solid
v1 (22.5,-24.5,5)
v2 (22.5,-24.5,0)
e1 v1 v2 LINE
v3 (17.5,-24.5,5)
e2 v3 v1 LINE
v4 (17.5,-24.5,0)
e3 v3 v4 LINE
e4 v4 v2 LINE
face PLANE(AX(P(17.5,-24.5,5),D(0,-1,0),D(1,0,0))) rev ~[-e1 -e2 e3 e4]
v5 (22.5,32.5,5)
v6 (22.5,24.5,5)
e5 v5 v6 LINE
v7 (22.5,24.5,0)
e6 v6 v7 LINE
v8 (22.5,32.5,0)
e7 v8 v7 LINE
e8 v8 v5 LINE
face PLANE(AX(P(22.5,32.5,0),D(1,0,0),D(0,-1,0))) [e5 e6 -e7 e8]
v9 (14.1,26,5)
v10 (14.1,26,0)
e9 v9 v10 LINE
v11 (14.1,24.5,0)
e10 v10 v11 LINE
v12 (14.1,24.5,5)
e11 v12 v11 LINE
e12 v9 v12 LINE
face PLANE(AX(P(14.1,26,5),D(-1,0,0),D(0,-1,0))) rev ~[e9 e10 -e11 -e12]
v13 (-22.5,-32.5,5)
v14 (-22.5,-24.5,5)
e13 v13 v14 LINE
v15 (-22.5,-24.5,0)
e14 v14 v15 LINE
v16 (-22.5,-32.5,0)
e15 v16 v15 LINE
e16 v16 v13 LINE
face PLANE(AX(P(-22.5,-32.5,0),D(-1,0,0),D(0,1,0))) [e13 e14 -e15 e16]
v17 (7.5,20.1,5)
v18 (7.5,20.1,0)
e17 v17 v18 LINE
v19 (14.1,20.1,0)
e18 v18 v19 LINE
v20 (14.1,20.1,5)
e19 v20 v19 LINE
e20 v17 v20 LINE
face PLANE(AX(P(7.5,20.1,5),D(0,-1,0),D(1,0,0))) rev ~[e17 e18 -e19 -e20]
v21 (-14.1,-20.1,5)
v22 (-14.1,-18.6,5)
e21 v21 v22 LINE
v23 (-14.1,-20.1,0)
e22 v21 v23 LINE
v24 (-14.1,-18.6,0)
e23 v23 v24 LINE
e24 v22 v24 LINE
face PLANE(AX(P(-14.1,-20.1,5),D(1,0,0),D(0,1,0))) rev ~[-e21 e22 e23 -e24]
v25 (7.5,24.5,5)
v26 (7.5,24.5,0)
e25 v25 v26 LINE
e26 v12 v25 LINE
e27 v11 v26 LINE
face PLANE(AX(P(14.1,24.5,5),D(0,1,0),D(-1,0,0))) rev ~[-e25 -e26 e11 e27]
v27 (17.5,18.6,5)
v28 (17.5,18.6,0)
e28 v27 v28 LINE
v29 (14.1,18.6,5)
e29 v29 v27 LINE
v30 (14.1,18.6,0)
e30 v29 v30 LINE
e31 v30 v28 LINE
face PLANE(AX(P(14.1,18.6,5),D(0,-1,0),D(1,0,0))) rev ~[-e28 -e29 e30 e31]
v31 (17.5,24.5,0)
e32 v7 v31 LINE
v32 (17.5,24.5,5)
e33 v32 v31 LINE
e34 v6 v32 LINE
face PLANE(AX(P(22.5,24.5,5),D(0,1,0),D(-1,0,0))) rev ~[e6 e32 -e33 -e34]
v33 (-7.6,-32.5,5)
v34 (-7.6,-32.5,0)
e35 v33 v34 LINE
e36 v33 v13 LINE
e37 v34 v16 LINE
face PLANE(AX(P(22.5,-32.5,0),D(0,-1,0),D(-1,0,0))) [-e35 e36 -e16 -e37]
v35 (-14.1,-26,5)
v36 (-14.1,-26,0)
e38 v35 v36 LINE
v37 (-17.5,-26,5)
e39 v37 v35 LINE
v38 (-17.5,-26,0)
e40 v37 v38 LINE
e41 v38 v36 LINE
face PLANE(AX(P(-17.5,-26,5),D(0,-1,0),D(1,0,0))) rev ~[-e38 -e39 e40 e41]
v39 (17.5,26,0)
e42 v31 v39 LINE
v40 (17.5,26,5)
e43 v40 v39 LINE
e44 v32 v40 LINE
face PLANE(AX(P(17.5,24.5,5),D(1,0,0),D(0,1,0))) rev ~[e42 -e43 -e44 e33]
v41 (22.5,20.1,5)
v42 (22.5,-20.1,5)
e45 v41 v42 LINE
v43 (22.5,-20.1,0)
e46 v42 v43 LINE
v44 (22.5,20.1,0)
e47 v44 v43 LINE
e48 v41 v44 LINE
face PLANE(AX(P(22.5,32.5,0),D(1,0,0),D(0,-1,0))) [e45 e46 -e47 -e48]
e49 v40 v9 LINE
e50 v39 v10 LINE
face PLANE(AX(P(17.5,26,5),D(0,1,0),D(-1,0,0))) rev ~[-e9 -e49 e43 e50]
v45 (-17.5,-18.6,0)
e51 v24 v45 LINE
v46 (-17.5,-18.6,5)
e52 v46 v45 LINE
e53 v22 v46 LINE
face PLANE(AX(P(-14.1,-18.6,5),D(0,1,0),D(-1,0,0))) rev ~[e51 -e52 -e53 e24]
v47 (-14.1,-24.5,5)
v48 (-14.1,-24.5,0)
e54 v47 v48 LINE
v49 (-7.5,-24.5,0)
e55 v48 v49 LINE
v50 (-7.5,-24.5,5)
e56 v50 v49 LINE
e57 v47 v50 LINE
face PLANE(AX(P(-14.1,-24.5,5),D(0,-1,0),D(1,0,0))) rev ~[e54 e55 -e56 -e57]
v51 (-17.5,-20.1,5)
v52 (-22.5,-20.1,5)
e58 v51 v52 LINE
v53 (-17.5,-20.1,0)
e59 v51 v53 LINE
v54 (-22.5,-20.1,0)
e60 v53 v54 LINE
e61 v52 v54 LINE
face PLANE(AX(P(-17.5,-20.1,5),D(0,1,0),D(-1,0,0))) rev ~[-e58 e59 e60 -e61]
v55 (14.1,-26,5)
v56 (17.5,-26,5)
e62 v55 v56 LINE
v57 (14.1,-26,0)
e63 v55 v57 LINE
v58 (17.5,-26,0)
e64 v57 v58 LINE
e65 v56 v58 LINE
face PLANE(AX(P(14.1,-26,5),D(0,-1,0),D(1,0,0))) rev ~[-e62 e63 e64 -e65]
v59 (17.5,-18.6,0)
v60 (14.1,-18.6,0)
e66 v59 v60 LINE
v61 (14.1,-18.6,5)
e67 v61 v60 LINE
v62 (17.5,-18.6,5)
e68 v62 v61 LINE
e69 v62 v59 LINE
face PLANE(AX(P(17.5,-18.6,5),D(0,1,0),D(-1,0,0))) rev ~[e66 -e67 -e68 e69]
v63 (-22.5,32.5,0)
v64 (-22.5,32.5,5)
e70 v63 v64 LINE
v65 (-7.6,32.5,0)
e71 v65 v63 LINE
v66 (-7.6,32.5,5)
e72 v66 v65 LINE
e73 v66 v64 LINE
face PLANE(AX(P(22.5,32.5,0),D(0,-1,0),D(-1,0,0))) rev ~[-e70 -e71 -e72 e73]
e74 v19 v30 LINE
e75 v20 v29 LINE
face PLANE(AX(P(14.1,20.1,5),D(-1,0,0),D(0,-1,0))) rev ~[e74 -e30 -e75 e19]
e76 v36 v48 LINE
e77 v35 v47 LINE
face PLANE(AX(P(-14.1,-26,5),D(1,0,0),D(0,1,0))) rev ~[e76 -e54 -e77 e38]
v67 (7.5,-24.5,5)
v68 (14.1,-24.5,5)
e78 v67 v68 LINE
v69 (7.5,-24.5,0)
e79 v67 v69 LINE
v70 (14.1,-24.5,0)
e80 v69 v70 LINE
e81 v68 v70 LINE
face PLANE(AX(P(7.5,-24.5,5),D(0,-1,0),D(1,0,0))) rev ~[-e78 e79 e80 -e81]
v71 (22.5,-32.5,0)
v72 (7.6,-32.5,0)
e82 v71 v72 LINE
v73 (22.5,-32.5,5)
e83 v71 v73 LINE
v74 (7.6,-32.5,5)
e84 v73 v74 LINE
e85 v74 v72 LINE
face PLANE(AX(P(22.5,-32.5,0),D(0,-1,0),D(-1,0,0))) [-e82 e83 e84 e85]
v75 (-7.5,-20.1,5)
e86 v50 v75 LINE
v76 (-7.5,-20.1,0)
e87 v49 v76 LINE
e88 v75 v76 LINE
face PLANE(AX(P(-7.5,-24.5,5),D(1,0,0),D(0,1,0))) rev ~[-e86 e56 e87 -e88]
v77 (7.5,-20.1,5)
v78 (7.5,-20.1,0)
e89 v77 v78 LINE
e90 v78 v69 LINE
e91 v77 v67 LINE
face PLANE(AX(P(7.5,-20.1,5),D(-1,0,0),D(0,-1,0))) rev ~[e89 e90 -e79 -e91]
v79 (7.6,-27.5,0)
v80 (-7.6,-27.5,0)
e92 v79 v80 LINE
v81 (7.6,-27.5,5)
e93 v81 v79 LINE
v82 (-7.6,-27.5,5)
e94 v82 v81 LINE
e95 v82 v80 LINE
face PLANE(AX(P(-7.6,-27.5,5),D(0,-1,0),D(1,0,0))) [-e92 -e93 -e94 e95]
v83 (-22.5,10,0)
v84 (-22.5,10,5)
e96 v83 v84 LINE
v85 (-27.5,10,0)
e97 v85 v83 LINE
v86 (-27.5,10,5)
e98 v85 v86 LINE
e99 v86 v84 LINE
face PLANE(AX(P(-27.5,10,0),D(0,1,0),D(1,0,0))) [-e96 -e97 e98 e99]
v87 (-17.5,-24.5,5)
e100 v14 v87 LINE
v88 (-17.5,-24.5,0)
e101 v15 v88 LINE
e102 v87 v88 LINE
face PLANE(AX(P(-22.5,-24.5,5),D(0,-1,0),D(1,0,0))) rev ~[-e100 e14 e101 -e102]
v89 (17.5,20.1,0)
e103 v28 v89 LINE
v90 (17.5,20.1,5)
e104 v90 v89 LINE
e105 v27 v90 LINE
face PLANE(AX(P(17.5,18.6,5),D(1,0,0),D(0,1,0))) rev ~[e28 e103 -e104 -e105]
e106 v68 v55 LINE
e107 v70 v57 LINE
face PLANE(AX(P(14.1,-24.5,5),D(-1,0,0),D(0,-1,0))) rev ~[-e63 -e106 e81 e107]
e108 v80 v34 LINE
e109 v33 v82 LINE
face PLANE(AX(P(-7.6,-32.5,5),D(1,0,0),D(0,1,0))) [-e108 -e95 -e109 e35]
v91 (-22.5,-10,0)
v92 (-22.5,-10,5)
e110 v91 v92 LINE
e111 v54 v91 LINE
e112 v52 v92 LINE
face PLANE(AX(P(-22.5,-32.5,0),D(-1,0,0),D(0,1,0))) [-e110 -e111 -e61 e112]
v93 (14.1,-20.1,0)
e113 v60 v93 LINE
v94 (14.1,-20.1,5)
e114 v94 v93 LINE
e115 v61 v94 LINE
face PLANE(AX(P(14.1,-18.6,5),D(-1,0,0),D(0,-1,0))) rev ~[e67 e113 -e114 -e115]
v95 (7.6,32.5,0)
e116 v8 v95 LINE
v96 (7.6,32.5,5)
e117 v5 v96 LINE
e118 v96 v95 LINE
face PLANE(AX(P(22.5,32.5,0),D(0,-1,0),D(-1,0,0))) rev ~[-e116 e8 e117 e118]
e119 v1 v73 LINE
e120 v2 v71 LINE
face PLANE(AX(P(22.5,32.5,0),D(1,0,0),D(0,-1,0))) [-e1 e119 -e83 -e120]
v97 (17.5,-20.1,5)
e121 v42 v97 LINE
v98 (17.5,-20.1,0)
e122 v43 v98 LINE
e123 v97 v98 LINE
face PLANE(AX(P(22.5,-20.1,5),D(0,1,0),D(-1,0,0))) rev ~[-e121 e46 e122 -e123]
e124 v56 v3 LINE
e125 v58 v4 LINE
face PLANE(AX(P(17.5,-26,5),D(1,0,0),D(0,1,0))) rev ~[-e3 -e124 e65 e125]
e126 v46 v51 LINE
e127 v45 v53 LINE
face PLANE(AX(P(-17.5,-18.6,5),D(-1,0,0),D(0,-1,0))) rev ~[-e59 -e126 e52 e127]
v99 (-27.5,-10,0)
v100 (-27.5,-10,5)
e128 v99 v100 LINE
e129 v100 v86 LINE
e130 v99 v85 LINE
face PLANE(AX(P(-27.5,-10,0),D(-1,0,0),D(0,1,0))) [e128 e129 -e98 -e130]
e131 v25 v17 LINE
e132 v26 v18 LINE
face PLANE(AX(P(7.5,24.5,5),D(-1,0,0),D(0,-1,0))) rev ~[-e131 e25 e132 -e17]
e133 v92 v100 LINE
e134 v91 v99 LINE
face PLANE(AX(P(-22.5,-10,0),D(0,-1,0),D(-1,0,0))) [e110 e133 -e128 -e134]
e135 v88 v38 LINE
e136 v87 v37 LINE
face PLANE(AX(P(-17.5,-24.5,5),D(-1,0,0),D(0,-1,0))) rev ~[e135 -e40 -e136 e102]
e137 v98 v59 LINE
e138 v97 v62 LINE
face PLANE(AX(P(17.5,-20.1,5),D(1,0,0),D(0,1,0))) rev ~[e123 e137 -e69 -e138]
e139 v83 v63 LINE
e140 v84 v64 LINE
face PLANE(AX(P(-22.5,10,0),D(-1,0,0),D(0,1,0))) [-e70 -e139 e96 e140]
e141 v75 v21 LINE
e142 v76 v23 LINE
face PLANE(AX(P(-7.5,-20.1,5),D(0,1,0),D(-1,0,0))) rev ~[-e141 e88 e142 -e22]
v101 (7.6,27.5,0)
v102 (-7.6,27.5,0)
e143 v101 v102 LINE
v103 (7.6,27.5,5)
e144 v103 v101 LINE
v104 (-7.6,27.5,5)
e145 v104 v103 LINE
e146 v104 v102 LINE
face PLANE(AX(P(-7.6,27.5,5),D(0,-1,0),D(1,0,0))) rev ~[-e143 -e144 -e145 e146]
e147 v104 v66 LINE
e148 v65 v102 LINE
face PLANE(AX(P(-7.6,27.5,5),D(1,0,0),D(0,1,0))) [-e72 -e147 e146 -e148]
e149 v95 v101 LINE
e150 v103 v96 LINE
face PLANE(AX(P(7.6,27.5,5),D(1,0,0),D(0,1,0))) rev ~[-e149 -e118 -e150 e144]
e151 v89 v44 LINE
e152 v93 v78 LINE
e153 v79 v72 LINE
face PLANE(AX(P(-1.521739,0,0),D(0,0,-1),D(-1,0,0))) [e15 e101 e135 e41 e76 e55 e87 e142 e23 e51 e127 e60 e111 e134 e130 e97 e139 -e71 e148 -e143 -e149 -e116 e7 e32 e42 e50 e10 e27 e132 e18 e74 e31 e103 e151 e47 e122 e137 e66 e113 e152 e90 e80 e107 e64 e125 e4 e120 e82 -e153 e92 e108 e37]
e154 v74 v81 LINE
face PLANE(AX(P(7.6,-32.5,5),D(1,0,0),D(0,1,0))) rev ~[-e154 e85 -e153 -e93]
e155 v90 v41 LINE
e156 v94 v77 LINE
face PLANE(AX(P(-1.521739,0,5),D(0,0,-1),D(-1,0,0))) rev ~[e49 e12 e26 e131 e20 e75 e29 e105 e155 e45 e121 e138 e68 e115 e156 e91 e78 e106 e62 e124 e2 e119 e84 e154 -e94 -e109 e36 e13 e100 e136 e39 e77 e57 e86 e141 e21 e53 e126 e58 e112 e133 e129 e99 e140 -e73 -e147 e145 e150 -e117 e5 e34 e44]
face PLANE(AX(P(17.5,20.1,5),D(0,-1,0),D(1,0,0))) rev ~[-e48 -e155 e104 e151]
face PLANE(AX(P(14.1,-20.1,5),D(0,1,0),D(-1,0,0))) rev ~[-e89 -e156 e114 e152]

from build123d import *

# Parameters (mm, degrees)
BOSS_EXTRUDE1_DEPTH = 5
CUT_EXTRUDE1_DEPTH  = 5
SKETCH4_W           = 15.2
SKETCH4_H           = 5
CUT_EXTRUDE2_DEPTH  = 10


with BuildPart() as part:
    # Sketch1 → Boss-Extrude1 (new body)
    with BuildSketch(Plane.XY):
        Polygon((-22.5, 32.5), (0, 32.5), (22.5, 32.5), (22.5, -32.5), (-22.5, -32.5), (-22.5, -10), (-27.5, -10), (-27.5, 10), (-22.5, 10), align=None)
    extrude(amount=BOSS_EXTRUDE1_DEPTH)

    # Sketch3 → Cut-Extrude1 (cut)
    with BuildSketch(Plane.XY.offset(5)):
        Polygon((22.5, 24.5), (17.5, 24.5), (17.5, 26), (14.1, 26), (14.1, 24.5), (7.5, 24.5), (7.5, 20.1), (14.1, 20.1), (14.1, 18.6), (17.5, 18.6), (17.5, 20.1), (22.5, 20.1), align=None)
        Polygon((22.5, -24.5), (22.5, -20.1), (17.5, -20.1), (17.5, -18.6), (14.1, -18.6), (14.1, -20.1), (7.5, -20.1), (7.5, -24.5), (14.1, -24.5), (14.1, -26), (17.5, -26), (17.5, -24.5), align=None)
        Polygon((-22.5, -24.5), (-17.5, -24.5), (-17.5, -26), (-14.1, -26), (-14.1, -24.5), (-7.5, -24.5), (-7.5, -20.1), (-14.1, -20.1), (-14.1, -18.6), (-17.5, -18.6), (-17.5, -20.1), (-22.5, -20.1), align=None)
    extrude(amount=-CUT_EXTRUDE1_DEPTH, mode=Mode.SUBTRACT)

    # Sketch4 → Cut-Extrude2 (cut)
    with BuildSketch(Plane.XY.offset(5)):
        with Locations((0, -30)):
            Rectangle(SKETCH4_W, SKETCH4_H)
        with Locations((0, 30)):
            Rectangle(SKETCH4_W, SKETCH4_H)
    extrude(amount=-CUT_EXTRUDE2_DEPTH, mode=Mode.SUBTRACT)


solid = part.part
